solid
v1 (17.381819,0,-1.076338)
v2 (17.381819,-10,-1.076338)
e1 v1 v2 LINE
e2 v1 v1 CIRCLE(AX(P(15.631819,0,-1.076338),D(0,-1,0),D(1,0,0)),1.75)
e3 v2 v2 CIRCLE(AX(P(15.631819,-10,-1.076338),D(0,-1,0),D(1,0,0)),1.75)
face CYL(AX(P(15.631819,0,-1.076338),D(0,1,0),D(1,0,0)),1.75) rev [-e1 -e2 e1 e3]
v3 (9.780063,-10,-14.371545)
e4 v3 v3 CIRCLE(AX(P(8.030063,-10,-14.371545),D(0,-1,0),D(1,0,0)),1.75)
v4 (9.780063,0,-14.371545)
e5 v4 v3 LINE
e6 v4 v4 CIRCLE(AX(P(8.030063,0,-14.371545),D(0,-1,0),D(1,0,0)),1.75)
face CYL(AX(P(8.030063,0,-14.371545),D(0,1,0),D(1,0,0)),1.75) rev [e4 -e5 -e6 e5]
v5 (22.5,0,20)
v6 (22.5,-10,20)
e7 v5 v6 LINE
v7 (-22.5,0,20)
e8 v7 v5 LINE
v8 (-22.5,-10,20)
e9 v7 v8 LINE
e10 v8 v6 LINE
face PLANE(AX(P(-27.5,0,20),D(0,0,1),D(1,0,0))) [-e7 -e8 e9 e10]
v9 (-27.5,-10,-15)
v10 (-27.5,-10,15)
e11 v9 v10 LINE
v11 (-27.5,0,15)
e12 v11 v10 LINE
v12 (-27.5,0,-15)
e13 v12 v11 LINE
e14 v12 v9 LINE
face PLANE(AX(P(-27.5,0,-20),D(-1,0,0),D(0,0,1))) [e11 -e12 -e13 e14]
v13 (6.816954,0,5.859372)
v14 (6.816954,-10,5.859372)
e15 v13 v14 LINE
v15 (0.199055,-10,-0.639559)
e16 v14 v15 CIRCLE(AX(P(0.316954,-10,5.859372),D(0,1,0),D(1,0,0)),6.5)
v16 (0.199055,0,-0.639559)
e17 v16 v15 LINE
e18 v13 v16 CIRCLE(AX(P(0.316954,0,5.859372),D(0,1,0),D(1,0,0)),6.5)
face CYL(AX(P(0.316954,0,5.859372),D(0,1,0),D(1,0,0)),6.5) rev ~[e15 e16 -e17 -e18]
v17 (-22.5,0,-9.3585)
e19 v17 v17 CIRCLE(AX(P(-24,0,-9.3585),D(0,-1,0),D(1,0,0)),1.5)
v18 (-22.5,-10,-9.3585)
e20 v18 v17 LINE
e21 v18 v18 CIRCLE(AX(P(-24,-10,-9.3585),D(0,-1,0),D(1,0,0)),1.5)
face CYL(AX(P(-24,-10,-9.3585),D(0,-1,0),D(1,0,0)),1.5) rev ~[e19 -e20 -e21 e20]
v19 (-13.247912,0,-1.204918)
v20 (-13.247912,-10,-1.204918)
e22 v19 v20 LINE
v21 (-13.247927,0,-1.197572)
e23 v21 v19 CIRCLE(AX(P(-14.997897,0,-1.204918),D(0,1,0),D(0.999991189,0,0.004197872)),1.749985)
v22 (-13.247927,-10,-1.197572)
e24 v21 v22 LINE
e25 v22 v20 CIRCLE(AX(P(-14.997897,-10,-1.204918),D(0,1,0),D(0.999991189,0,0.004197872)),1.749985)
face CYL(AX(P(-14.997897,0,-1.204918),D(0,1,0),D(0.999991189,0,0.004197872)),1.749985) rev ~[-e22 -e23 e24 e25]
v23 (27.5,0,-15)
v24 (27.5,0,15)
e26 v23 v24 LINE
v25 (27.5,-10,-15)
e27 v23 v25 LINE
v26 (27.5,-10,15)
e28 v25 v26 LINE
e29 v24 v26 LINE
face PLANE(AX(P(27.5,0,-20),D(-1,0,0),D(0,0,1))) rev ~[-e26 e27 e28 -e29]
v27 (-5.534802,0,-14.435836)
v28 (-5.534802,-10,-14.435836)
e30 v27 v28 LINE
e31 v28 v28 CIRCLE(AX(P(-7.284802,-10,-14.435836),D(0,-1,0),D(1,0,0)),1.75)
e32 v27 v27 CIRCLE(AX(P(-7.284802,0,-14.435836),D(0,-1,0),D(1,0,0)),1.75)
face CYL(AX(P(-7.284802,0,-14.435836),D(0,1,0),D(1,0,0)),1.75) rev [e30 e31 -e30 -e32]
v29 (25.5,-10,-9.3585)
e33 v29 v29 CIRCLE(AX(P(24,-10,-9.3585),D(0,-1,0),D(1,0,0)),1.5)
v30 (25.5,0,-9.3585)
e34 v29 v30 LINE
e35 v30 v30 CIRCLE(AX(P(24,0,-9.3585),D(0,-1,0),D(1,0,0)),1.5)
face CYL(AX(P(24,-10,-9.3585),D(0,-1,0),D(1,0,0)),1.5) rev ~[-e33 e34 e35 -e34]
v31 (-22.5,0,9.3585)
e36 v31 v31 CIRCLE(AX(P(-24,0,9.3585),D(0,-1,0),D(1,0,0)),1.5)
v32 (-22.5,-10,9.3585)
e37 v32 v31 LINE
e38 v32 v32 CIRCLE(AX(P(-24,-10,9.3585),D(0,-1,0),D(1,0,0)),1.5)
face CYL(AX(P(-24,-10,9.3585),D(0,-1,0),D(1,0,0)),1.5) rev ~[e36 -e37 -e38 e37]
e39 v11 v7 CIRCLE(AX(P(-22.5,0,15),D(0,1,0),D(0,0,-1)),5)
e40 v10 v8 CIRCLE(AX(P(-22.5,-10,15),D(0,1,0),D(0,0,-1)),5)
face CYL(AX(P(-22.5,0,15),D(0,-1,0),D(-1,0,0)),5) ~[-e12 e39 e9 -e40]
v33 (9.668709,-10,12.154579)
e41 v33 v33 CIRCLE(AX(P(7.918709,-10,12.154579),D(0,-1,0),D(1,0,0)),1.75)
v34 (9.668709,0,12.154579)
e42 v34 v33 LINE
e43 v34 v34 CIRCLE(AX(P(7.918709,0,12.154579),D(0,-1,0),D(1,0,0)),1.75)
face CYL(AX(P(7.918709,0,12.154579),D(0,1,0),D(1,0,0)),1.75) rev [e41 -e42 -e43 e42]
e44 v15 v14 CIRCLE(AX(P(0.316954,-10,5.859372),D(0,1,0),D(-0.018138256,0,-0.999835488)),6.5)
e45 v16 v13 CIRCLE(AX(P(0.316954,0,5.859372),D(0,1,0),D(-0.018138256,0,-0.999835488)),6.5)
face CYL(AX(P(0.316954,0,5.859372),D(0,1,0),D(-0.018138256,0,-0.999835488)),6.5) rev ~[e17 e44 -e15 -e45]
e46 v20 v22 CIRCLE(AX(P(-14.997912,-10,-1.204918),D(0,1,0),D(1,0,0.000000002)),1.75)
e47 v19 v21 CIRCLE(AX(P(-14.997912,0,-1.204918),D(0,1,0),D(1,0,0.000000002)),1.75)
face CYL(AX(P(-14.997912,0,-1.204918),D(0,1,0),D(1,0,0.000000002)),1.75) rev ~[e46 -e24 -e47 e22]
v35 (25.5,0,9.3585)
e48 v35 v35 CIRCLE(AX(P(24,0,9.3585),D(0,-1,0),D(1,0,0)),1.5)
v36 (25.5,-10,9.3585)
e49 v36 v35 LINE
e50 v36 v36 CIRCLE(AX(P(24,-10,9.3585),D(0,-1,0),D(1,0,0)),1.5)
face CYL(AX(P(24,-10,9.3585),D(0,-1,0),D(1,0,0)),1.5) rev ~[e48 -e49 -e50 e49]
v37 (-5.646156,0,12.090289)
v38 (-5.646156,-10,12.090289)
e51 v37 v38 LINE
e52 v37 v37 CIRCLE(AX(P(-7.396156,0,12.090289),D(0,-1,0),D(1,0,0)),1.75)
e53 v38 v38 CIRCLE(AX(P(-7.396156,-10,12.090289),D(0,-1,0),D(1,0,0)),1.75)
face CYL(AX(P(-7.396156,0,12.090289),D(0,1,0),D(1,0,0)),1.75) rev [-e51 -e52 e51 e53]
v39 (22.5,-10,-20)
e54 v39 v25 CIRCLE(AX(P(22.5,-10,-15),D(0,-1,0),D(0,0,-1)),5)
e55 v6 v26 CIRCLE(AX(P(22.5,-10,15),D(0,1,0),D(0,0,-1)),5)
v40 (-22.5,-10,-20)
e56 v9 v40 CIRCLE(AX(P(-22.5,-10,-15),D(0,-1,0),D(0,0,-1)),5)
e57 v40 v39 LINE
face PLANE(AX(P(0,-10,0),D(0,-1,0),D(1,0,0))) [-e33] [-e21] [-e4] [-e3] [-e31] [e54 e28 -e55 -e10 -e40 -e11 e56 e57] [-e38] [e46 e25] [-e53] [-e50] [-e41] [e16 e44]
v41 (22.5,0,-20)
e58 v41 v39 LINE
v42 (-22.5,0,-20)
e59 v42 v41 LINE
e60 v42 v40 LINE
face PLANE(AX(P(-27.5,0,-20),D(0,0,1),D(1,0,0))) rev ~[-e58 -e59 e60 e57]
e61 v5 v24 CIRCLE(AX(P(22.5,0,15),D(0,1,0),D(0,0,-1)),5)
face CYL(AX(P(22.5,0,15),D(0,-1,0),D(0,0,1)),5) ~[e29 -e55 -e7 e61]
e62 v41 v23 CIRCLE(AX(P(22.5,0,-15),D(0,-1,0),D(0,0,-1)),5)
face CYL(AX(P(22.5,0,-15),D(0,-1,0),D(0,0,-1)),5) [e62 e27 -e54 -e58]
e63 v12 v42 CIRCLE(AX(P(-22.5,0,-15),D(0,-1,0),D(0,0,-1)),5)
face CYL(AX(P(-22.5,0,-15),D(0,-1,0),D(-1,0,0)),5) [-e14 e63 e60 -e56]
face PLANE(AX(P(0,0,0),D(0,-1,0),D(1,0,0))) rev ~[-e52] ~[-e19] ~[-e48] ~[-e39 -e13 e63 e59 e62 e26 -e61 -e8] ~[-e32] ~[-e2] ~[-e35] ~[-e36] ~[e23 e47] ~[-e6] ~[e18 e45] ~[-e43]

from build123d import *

# Parameters (mm, degrees)
F0_W     = 55
F0_H     = 40
F0_R     = 1.75
F1_DEPTH = 10
F2_R     = 5
F3_R     = 1.5
F4_DEPTH = 25


with BuildPart() as f1:
    # F0 (on Front) → F1 (new body)
    with BuildSketch(Plane.XZ):
        Rectangle(F0_W, F0_H)
        with Locations((-7.2848021371, -14.4358355429)):
            Circle(F0_R, mode=Mode.SUBTRACT)
        with BuildLine():
            ThreePointArc((-13.2479269502, -1.1975721574), (-13.2479153857, -1.2012452699), (-13.2479115309, -1.2049183986))
            ThreePointArc((-13.2479115309, -1.2049183986), (-16.7479076761, -1.2085915273), (-13.2479269502, -1.1975721574))
        make_face(mode=Mode.SUBTRACT)
        with Locations((8.0300629221, -14.3715454379)):
            Circle(F0_R, mode=Mode.SUBTRACT)
        with Locations((15.6318185876, -1.0763381886)):
            Circle(F0_R, mode=Mode.SUBTRACT)
        with Locations((-7.3961558654, 12.0902888507)):
            Circle(F0_R, mode=Mode.SUBTRACT)
        with BuildLine():
            ThreePointArc((6.8169535283, 5.8593717064), (4.871273383, 1.2216814773), (0.1990548634, -0.6395589675))
            ThreePointArc((0.1990548634, -0.6395589675), (-4.2373663264, 10.4970619355), (6.8169535283, 5.8593717064))
        make_face(mode=Mode.SUBTRACT)
        with Locations((7.9187091938, 12.1545789557)):
            Circle(F0_R, mode=Mode.SUBTRACT)
    extrude(amount=F1_DEPTH)

    # F2
    f2_edges = [f1.edges().sort_by_distance(p)[0] for p in [
        (-27.5, -5, 20),
        (-27.5, -5, -20),
        (27.5, -5, -20),
        (27.5, -5, 20),
    ]]
    fillet(f2_edges, radius=F2_R)

    # F3 (on face) → F4 (cut)
    with BuildSketch(Plane.XZ.offset(10)):
        with Locations((-24, 9.3585)):
            Circle(F3_R)
        with Locations((-24, -9.3585)):
            Circle(F3_R)
        with Locations((24, 9.3585)):
            Circle(F3_R)
        with Locations((24, -9.3585)):
            Circle(F3_R)
    extrude(amount=-F4_DEPTH, mode=Mode.SUBTRACT)


solid = f1.part
